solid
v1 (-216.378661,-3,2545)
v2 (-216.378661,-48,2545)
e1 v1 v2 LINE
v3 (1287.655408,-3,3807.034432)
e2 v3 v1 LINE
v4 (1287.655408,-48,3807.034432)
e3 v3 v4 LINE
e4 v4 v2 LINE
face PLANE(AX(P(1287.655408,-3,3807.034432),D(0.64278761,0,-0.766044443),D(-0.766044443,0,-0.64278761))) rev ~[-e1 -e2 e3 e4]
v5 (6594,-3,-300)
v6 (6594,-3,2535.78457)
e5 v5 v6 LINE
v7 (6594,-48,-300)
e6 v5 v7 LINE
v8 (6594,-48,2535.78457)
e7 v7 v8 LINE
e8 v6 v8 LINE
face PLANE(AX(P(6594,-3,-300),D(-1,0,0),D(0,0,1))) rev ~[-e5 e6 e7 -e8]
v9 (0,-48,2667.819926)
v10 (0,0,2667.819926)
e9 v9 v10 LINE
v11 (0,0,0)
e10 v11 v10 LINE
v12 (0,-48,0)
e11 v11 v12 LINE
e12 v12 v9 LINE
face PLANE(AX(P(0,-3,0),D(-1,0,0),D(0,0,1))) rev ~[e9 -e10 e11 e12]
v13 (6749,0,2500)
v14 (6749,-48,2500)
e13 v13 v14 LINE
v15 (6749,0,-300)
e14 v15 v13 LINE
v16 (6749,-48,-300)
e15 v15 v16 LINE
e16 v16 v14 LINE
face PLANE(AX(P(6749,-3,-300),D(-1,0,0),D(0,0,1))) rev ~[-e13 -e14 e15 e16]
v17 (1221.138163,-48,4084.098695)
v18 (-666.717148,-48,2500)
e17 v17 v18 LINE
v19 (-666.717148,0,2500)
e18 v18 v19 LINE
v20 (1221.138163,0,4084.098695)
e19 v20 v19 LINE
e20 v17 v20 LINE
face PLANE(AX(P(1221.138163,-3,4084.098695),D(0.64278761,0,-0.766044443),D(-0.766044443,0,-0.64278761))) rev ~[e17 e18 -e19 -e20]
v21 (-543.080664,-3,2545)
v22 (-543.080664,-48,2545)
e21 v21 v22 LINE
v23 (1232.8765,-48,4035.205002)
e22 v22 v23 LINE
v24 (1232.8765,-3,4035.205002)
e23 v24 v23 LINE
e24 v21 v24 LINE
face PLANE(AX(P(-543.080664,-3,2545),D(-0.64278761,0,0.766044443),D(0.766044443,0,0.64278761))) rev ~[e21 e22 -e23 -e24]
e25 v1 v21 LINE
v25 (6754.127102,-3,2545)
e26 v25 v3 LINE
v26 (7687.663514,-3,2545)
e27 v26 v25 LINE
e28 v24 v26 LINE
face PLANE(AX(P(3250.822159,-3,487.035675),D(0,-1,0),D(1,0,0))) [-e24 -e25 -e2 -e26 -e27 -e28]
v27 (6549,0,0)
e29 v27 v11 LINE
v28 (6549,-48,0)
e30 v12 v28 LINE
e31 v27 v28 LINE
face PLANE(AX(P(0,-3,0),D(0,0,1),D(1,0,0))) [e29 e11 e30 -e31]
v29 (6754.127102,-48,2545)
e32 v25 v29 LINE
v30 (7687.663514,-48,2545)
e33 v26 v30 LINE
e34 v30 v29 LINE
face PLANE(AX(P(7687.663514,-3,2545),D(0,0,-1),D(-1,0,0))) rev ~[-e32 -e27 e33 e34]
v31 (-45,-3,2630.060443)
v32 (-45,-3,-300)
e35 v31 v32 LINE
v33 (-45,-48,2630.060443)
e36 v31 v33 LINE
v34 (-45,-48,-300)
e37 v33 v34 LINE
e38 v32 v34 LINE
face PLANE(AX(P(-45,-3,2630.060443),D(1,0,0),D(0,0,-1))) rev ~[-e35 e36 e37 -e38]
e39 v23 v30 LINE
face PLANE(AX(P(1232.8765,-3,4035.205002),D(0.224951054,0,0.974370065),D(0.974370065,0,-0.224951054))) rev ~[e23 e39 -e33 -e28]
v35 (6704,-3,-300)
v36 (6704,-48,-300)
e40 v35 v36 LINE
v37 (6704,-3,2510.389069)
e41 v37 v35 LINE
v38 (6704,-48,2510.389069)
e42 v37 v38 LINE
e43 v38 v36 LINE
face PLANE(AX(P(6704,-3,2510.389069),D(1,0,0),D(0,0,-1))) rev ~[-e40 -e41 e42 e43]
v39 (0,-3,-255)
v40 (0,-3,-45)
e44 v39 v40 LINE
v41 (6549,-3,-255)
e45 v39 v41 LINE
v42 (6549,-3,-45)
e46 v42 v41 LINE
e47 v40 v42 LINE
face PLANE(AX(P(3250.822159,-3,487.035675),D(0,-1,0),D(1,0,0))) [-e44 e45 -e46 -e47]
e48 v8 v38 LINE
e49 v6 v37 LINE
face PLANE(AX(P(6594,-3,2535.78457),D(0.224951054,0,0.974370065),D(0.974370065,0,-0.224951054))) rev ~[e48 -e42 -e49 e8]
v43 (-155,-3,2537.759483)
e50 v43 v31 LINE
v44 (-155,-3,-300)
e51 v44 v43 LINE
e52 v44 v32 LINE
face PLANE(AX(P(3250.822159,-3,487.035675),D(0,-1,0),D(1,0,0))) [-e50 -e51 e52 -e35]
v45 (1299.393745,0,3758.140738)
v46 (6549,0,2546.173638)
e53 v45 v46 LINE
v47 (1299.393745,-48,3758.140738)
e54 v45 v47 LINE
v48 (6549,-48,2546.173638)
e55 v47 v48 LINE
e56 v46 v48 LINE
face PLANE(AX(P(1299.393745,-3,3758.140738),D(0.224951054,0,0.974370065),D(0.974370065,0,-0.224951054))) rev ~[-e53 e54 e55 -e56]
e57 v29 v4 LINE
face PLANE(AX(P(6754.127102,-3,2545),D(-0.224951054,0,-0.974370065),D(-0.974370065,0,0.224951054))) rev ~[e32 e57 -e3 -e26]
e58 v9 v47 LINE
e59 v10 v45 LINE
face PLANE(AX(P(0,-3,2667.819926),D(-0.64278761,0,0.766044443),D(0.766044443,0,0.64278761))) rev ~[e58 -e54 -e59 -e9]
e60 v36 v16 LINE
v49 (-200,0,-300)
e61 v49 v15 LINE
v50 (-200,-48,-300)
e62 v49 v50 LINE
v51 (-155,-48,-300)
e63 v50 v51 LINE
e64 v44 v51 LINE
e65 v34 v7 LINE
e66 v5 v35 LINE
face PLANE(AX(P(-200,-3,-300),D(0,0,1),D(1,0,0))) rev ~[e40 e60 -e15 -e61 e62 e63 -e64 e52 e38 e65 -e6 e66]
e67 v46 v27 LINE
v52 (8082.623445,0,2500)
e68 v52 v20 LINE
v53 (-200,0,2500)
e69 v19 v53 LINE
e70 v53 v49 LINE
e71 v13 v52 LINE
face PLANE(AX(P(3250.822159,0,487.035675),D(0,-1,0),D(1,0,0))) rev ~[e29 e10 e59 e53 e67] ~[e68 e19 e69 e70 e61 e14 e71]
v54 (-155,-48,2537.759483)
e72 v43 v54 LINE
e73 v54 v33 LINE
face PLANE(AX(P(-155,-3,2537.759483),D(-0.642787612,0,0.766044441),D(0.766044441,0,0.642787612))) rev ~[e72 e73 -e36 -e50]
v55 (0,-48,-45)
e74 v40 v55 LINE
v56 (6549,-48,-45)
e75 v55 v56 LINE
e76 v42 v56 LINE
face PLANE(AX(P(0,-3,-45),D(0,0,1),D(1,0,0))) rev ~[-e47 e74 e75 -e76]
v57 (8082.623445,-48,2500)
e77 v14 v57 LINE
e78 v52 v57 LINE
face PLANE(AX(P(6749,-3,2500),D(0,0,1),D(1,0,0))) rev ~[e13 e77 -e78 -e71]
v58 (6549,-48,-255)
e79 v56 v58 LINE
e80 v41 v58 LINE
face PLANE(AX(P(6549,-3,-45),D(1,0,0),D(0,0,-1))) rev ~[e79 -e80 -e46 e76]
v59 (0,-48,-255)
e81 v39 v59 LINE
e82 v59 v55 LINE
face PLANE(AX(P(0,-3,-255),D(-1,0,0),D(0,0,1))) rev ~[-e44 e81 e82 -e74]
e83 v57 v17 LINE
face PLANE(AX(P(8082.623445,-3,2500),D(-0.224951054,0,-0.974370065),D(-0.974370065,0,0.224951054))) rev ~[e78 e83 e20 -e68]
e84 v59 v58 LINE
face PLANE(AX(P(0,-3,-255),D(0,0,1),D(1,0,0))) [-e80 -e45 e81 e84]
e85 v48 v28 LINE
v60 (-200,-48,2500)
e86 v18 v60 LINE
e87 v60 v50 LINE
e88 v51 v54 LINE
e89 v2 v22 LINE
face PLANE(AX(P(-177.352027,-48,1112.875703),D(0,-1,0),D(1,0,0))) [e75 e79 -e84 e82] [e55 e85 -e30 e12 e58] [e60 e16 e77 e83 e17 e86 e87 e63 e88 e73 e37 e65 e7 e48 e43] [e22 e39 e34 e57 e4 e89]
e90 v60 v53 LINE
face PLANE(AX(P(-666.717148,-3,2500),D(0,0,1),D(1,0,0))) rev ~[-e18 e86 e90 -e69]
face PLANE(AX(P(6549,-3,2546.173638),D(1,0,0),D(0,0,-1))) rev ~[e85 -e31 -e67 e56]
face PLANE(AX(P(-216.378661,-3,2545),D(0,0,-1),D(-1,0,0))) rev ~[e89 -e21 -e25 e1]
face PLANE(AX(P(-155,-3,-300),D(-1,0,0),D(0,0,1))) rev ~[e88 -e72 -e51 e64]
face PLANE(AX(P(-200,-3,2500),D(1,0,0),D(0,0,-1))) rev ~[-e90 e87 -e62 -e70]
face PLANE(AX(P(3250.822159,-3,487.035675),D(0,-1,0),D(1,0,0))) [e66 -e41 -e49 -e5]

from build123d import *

# Parameters (mm, degrees)
F1_DEPTH = 3
F2_W     = 6549
F2_H     = 45
F3_DEPTH = 45


with BuildPart() as f1:
    # F0 (on Front) → F1 (new body)
    with BuildSketch(Plane.XZ):
        Polygon((6549, 0), (0, 0), (0, 2667.819926), (-200, 2500), (-200, -300), (6749, -300), (6749, 2500), (6549, 2546.173638), align=None)
        Polygon((-200, 2500), (0, 2667.819926), (1299.393745, 3758.140738), (6549, 2546.173638), (6749, 2500), (8082.623445, 2500), (1221.138163, 4084.098695), (-666.717148, 2500), align=None)
    extrude(amount=F1_DEPTH)

    # F2 (on face) → F3 (join)
    with BuildSketch(Plane.XZ.offset(3)):
        Polygon((-155, 2537.759483), (-200, 2500), (-200, -300), (-155, -300), align=None)
        Polygon((6749, -300), (6749, 2500), (6704, 2510.389069), (6704, -300), align=None)
        Polygon((-666.717148, 2500), (-596.709576, 2500), (-543.080664, 2545), (1232.8765, 4035.205002), (7687.663514, 2545), (7882.579928, 2500), (8082.623445, 2500), (1221.138163, 4084.098695), align=None)
        Polygon((-543.080664, 2545), (-596.709576, 2500), (-270.007572, 2500), (-216.378661, 2545), align=None)
        Polygon((7882.579928, 2500), (7687.663514, 2545), (6754.127102, 2545), (6949.043517, 2500), align=None)
        with Locations((3274.5, -277.5)):
            Rectangle(F2_W, F2_H)
        Polygon((0, 2667.819926), (-45, 2630.060443), (-45, -300), (0, -300), (0, -255), (0, -45), (0, 0), align=None)
        Polygon((6549, 2546.173638), (6549, 0), (6549, -45), (6549, -255), (6549, -300), (6594, -300), (6594, 2535.78457), align=None)
        Polygon((-216.378661, 2545), (-270.007572, 2500), (-200, 2500), (-155, 2537.759483), (-45, 2630.060443), (0, 2667.819926), (1299.393745, 3758.140738), (6549, 2546.173638), (6594, 2535.78457), (6704, 2510.389069), (6749, 2500), (6949.043517, 2500), (6754.127102, 2545), (1287.655408, 3807.034432), align=None)
        with Locations((3274.5, -22.5)):
            Rectangle(F2_W, F2_H)
    extrude(amount=F3_DEPTH)


solid = f1.part
